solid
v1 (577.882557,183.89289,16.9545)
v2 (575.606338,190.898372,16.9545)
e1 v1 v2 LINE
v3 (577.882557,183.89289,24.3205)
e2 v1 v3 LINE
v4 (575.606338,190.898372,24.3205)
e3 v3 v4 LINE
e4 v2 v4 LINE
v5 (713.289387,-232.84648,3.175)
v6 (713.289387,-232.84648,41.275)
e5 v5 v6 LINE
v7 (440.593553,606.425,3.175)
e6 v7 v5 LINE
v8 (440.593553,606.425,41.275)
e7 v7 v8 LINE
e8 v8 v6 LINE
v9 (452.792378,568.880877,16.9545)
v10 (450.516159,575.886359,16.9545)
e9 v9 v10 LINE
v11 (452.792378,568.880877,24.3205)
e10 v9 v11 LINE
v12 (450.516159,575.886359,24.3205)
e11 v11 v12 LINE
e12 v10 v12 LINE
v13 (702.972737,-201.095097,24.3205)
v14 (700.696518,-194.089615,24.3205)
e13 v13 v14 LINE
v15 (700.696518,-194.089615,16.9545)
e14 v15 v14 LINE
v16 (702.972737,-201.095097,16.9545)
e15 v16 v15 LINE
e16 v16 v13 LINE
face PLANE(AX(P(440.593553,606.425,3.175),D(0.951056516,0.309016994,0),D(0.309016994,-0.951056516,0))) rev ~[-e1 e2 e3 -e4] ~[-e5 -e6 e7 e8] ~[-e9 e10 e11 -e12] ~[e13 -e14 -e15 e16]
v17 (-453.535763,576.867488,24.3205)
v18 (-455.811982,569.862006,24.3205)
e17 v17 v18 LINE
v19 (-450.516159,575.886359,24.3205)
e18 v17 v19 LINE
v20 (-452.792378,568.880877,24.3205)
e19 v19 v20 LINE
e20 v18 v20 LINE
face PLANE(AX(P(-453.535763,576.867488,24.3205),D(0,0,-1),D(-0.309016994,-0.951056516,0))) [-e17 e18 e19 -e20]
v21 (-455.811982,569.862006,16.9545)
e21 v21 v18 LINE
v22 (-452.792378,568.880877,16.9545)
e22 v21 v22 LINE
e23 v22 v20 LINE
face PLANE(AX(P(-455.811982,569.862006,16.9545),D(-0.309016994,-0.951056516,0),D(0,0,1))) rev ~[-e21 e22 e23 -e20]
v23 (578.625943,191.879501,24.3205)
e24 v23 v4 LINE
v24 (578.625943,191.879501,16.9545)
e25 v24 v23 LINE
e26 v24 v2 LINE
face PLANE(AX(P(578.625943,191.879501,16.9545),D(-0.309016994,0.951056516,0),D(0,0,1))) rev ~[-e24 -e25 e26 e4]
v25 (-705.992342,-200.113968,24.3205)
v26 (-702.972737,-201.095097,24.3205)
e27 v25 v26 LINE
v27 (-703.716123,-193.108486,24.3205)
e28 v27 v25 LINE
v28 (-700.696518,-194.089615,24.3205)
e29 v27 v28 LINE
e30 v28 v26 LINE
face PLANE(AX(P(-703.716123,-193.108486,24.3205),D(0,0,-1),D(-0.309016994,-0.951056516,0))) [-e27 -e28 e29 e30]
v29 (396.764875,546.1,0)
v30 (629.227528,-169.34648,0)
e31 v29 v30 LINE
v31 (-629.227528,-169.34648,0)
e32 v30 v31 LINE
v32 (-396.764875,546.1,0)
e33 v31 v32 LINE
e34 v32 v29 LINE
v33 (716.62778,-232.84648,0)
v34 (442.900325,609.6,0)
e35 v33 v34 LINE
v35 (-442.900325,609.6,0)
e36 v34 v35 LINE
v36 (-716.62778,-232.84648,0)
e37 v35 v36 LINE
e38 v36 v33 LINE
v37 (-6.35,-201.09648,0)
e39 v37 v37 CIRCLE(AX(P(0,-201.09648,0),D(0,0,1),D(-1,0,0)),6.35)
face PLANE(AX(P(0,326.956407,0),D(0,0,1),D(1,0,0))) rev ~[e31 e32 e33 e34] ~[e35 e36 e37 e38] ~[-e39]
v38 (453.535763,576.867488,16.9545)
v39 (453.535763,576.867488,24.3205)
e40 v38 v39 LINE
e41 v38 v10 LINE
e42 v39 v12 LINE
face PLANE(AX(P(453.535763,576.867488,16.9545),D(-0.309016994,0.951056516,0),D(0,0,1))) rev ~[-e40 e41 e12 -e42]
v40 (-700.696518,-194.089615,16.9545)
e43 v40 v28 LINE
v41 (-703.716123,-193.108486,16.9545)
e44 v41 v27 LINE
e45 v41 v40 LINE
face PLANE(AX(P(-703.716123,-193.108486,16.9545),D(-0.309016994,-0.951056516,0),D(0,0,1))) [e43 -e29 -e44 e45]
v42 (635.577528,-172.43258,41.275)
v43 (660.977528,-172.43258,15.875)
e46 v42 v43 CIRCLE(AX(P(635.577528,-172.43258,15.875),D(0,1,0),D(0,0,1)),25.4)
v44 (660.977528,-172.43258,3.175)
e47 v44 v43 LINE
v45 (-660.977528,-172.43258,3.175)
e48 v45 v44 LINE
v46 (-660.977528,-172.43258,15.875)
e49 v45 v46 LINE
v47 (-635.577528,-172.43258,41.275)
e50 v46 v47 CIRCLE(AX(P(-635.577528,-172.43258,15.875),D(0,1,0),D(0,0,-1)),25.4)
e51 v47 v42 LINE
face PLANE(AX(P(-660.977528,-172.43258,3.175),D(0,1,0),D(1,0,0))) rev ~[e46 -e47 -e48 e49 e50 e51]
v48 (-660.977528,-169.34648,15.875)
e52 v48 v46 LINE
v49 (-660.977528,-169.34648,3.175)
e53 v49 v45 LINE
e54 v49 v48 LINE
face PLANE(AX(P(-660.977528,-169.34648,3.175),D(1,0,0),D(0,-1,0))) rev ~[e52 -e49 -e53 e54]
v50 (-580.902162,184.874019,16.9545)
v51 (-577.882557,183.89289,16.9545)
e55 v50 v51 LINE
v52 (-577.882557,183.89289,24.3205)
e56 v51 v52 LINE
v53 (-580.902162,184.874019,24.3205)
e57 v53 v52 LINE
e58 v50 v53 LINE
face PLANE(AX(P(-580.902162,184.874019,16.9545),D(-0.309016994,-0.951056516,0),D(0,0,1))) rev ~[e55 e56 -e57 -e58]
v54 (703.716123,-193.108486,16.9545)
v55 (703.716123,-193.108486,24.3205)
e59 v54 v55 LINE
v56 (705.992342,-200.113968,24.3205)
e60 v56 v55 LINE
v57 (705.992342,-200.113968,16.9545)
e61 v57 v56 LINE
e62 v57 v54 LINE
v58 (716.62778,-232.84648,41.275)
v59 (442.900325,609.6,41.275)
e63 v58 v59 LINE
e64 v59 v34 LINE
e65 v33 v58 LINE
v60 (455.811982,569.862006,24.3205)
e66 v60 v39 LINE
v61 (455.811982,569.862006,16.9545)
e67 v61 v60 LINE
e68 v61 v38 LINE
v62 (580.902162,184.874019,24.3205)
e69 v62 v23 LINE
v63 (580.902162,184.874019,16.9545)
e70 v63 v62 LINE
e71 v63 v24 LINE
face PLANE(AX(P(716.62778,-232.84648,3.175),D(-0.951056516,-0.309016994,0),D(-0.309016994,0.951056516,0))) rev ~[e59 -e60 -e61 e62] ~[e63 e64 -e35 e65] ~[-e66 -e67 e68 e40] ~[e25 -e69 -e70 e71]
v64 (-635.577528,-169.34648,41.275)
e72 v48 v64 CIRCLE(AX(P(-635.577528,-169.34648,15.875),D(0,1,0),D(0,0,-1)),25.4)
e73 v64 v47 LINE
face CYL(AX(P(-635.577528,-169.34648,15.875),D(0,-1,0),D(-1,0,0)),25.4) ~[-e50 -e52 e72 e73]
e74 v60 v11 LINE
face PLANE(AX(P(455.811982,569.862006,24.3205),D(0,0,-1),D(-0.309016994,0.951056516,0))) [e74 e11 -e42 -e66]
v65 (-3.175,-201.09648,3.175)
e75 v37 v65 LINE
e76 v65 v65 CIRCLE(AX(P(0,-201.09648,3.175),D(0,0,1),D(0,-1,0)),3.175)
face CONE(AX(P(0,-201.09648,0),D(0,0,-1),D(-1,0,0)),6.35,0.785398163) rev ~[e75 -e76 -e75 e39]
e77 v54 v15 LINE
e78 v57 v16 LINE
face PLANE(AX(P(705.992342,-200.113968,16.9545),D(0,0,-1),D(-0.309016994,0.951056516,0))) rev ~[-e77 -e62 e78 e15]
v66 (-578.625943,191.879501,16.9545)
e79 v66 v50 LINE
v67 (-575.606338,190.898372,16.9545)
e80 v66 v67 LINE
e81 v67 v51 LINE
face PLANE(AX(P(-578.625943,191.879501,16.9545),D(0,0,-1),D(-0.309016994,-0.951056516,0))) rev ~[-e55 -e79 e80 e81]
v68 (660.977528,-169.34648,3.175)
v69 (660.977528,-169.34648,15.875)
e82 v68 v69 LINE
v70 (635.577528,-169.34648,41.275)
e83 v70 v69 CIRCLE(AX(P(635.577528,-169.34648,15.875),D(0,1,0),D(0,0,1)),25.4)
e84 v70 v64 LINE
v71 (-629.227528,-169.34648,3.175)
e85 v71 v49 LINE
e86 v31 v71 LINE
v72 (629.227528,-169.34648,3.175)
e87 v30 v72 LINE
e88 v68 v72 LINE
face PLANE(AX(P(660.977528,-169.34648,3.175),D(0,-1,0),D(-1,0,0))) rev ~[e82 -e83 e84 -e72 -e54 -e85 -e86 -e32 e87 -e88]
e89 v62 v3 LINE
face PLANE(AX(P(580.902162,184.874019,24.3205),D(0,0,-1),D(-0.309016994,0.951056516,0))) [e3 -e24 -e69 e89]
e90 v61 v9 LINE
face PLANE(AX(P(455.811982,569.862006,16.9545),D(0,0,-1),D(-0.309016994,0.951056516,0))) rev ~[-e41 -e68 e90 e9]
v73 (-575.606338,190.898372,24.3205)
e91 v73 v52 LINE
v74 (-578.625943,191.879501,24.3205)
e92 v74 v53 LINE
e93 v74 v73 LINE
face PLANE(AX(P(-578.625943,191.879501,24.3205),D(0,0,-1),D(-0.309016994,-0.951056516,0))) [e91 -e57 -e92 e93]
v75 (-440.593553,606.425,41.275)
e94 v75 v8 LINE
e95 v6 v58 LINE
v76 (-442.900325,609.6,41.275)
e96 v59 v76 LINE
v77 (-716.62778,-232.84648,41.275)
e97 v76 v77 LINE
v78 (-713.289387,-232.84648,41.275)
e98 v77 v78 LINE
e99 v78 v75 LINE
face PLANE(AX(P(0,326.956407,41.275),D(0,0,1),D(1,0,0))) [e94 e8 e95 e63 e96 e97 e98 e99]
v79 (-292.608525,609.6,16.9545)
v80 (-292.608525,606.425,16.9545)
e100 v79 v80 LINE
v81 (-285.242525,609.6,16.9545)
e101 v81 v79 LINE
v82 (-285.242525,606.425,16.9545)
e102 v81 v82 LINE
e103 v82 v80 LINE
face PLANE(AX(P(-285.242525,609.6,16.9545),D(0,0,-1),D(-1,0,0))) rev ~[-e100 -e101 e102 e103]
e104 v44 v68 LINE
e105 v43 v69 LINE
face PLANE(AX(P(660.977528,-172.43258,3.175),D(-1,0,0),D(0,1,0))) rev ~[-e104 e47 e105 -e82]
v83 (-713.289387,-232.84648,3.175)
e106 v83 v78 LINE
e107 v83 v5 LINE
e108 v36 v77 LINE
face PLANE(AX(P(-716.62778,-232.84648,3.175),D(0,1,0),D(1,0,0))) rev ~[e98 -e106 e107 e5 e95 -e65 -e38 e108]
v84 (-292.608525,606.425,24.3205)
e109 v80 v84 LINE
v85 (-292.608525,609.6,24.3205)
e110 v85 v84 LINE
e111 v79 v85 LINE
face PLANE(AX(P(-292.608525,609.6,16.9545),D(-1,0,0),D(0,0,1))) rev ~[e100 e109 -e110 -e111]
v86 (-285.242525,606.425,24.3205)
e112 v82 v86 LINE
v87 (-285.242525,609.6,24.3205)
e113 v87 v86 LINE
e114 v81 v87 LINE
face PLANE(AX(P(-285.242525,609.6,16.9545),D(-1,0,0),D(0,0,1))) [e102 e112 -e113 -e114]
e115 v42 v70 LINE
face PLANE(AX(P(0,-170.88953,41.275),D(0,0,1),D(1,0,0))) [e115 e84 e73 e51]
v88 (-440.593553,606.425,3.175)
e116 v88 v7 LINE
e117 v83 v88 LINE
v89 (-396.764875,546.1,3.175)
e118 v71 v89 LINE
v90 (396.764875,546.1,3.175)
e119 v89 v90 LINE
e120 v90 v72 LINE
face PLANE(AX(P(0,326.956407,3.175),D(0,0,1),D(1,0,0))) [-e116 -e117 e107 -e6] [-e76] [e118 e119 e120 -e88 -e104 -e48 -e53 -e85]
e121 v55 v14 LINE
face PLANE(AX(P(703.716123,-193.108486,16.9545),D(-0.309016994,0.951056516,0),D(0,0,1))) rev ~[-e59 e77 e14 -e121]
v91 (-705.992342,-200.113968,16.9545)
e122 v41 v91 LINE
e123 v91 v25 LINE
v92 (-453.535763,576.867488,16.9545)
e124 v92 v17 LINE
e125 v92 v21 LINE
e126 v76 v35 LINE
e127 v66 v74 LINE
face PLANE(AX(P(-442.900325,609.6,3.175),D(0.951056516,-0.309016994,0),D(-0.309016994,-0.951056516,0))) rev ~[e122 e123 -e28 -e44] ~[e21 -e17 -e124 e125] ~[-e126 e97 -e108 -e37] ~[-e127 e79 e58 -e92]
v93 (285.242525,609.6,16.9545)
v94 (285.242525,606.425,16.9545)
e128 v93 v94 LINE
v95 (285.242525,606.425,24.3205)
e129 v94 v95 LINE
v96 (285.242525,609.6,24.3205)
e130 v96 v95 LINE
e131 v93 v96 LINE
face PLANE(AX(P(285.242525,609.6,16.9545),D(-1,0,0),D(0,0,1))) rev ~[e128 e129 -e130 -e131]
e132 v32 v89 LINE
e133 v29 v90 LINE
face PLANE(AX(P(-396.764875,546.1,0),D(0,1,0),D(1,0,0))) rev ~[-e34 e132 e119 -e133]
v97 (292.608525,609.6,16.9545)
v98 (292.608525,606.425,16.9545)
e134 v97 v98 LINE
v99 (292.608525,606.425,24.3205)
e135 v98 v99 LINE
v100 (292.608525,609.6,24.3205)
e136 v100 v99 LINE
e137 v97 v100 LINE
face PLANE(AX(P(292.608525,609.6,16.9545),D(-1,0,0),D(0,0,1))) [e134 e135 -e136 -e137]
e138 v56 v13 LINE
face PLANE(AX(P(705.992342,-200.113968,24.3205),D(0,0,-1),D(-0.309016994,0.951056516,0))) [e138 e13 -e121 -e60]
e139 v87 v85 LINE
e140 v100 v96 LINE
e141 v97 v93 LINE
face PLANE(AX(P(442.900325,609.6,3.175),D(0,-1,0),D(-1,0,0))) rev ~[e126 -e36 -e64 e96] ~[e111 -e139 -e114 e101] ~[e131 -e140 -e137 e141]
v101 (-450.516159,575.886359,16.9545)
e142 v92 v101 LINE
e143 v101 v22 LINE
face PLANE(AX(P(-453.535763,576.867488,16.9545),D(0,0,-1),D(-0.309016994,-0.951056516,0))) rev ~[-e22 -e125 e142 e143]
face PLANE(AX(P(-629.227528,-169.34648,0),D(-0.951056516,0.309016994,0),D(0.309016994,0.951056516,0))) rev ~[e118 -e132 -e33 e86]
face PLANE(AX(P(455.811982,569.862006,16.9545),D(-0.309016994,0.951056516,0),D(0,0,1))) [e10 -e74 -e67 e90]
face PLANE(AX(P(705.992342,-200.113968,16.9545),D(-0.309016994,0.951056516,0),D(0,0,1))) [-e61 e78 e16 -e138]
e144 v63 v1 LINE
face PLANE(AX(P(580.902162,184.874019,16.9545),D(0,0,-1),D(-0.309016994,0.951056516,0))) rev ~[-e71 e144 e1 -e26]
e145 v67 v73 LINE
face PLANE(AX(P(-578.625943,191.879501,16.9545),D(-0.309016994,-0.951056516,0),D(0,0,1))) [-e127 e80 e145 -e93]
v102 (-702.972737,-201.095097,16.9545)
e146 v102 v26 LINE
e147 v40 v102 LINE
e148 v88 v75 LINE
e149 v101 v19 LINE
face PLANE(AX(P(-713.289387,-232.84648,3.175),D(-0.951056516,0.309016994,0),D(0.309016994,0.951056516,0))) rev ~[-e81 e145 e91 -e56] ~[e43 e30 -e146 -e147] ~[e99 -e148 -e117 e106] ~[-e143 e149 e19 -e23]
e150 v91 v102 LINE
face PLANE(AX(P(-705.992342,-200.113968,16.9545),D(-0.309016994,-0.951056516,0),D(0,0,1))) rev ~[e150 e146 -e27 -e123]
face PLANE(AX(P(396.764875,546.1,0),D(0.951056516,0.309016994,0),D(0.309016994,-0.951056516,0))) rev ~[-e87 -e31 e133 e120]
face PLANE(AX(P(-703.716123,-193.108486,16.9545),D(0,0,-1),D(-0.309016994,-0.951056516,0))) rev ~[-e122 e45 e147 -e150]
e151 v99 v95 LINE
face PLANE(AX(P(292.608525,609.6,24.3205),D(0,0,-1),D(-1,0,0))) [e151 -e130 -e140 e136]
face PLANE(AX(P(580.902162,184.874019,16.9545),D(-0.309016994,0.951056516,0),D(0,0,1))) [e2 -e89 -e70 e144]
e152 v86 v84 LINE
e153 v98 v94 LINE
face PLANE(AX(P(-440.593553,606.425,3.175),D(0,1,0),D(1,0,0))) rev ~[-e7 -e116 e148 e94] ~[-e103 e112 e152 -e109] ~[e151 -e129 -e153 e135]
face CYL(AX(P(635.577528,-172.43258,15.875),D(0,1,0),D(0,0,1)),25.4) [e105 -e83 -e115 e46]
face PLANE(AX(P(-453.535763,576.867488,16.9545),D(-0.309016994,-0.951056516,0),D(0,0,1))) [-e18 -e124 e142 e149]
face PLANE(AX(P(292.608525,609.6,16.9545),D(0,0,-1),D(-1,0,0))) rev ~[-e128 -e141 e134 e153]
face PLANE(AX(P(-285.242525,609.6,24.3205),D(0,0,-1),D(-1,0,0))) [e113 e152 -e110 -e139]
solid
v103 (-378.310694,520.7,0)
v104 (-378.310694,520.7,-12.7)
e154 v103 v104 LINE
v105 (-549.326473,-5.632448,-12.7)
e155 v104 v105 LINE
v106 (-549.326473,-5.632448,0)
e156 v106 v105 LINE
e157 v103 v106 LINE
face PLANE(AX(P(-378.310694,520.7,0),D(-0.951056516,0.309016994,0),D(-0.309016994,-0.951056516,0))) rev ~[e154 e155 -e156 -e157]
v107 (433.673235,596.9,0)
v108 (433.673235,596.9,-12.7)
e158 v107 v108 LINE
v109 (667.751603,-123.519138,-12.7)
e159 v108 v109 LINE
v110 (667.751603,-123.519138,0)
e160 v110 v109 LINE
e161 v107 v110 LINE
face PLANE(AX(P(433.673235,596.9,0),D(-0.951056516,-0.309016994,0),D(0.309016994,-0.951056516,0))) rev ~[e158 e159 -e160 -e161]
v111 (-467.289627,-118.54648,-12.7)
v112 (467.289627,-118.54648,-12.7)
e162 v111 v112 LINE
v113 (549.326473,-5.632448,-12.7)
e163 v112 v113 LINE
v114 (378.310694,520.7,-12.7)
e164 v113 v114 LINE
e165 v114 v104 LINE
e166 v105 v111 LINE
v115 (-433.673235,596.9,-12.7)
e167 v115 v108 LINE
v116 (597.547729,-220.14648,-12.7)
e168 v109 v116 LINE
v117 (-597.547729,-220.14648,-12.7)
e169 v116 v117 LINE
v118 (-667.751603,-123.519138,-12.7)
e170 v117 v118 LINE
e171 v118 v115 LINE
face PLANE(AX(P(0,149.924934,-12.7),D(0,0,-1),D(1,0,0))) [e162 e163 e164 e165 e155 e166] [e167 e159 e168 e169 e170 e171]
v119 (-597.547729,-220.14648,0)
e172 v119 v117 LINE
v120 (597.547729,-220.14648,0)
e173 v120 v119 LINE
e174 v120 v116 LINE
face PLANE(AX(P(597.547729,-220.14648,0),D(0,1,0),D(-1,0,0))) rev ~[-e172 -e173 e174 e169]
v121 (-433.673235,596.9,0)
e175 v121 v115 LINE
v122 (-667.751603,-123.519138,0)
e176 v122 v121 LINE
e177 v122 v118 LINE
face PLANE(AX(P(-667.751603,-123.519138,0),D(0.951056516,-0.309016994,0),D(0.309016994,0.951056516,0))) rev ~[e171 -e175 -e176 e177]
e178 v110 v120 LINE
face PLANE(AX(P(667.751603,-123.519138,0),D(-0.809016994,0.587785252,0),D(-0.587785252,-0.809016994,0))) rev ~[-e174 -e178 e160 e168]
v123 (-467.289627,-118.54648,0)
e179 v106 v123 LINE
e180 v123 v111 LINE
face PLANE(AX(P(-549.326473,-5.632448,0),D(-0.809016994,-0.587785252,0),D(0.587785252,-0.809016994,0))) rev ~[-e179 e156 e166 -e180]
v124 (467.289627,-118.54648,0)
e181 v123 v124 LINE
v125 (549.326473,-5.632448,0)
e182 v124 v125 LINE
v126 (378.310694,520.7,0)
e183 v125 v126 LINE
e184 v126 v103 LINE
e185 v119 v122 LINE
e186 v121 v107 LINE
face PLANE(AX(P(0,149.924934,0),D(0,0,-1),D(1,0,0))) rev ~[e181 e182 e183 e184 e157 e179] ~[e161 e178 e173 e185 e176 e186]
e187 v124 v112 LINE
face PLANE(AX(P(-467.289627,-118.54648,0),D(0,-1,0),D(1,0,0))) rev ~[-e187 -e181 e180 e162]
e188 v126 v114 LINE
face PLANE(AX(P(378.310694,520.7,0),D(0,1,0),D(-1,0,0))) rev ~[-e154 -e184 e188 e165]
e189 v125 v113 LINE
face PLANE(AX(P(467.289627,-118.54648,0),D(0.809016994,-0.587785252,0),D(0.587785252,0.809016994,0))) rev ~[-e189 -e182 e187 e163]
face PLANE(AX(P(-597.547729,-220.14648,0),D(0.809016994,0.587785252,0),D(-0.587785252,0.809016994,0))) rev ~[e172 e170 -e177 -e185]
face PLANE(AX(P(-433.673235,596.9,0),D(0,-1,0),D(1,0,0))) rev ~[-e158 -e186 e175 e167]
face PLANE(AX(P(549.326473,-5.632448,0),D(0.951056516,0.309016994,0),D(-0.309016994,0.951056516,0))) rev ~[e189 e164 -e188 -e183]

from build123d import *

# Parameters (mm, degrees)
F1_DEPTH        = 3.175
F3_DEPTH        = 38.1
F5_DEPTH        = 38.1
F6_R            = 25.4
F7_W            = 7.366
F7_H            = 7.366
F8_DEPTH        = 25.4
F9_W            = 7.366
F9_H            = 7.366
F10_DEPTH       = 25.4
F12_DEPTH       = 12.7
F13_W           = 7.366
F13_H           = 7.366
F14_DEPTH       = 25.4
F16_D           = 6.35
F16_CSINK_D     = 12.7
F16_CSINK_ANGLE = 90


with BuildPart() as f1:
    # F0 (on Top) → F1 (new body)
    with BuildSketch(Plane.XY):
        Polygon((-442.9003250721, 609.6), (-716.627779595, -232.8464804581), (-713.289387033, -232.8464804581), (-440.5935525457, 606.425), (440.5935525457, 606.425), (713.289387033, -232.8464804581), (716.627779595, -232.8464804581), (442.9003250721, 609.6), align=None)
        Polygon((-440.5935525457, 606.425), (-713.289387033, -232.8464804581), (713.289387033, -232.8464804581), (440.5935525457, 606.425), align=None)
        Polygon((629.2275276451, -169.3464804581), (-629.2275276451, -169.3464804581), (-396.7648745437, 546.1), (396.7648745437, 546.1), align=None, mode=Mode.SUBTRACT)
    extrude(amount=F1_DEPTH)

    # F2 (on face) → F3 (join)
    with BuildSketch(Plane.XY.offset(3.175)):
        Polygon((-442.9003250721, 609.6), (-716.627779595, -232.8464804581), (-713.289387033, -232.8464804581), (-440.5935525457, 606.425), (440.5935525457, 606.425), (713.289387033, -232.8464804581), (716.627779595, -232.8464804581), (442.9003250721, 609.6), align=None)
    extrude(amount=F3_DEPTH)

    # F4 (on face) → F5 (join)
    with BuildSketch(Plane.XY.offset(3.175)):
        Polygon((629.2275276451, -169.3464804581), (-629.2275276451, -169.3464804581), (-660.9775276451, -169.3464804581), (-660.9775276451, -172.4325804581), (660.9775276451, -172.4325804581), (660.9775276451, -169.3464804581), align=None)
    extrude(amount=F5_DEPTH)

    # F6
    f6_edges = [f1.edges().sort_by_distance(p)[0] for p in [
        (660.977528, -170.88953, 41.275),
        (-660.977528, -170.88953, 41.275),
    ]]
    fillet(f6_edges, radius=F6_R)

    # F7 (on face) → F8 (cut)
    with BuildSketch(Plane(origin=(579.7640523335, 188.376759771, 0), x_dir=(-0.3090169944, 0.9510565163, 0), z_dir=(0.9510565163, 0.3090169944, 0))):
        with Locations((404.8003250721, 20.6375)):
            Rectangle(F7_W, F7_H)
        with Locations((0, 20.6375)):
            Rectangle(F7_W, F7_H)
        with Locations((-404.8003250721, 20.6375)):
            Rectangle(F7_W, F7_H)
    extrude(amount=-F8_DEPTH, mode=Mode.SUBTRACT)

    # F9 (on face) → F10 (cut)
    with BuildSketch(Plane(origin=(-579.7640523335, 188.376759771, 0), x_dir=(-0.3090169944, -0.9510565163, 0), z_dir=(-0.9510565163, 0.3090169944, 0))):
        with Locations((-404.8003250721, 20.6375)):
            Rectangle(F9_W, F9_H)
        with Locations((0, 20.6375)):
            Rectangle(F9_W, F9_H)
        with Locations((404.8003250721, 20.6375)):
            Rectangle(F9_W, F9_H)
    extrude(amount=-F10_DEPTH, mode=Mode.SUBTRACT)

    # F13 (on face) → F14 (cut)
    with BuildSketch(Plane(origin=(0, 609.6, 0), x_dir=(-1, 0, 0), z_dir=(0, 1, 0))):
        with Locations((288.9255250721, 20.6375)):
            Rectangle(F13_W, F13_H)
        with Locations((-288.9255250721, 20.6375)):
            Rectangle(F13_W, F13_H)
    extrude(amount=-F14_DEPTH, mode=Mode.SUBTRACT)

    # F16 (through all)
    with Locations(Plane(origin=(0, 0, 0), x_dir=(1, 0, 0), z_dir=(0, 0, -1))):
        with Locations((0, 201.0964804581)):
            CounterSinkHole(F16_D / 2, F16_CSINK_D / 2, counter_sink_angle=F16_CSINK_ANGLE)


with BuildPart() as f12:
    # F11 (on face) → F12 (new body)
    with BuildSketch(Plane(origin=(0, 0, 0), x_dir=(1, 0, 0), z_dir=(0, 0, -1))):
        Polygon((-597.547729205, 220.1464804581), (-667.7516025765, 123.5191384025), (-433.6732349664, -596.9), (433.6732349664, -596.9), (667.7516025765, 123.5191384025), (597.547729205, 220.1464804581), align=None)
        Polygon((396.7648745437, -546.1), (-396.7648745437, -546.1), (-629.2275276451, 169.3464804581), (629.2275276451, 169.3464804581), align=None, mode=Mode.SUBTRACT)
        Polygon((-629.2275276451, 169.3464804581), (-396.7648745437, -546.1), (396.7648745437, -546.1), (629.2275276451, 169.3464804581), align=None)
        Polygon((378.3106943324, -520.7), (-378.3106943324, -520.7), (-549.3264734851, 5.6324480955), (-467.2896269651, 118.5464804581), (467.2896269651, 118.5464804581), (549.3264734851, 5.6324480955), align=None, mode=Mode.SUBTRACT)
    extrude(amount=F12_DEPTH)


solid = Compound([f1.part, f12.part])
